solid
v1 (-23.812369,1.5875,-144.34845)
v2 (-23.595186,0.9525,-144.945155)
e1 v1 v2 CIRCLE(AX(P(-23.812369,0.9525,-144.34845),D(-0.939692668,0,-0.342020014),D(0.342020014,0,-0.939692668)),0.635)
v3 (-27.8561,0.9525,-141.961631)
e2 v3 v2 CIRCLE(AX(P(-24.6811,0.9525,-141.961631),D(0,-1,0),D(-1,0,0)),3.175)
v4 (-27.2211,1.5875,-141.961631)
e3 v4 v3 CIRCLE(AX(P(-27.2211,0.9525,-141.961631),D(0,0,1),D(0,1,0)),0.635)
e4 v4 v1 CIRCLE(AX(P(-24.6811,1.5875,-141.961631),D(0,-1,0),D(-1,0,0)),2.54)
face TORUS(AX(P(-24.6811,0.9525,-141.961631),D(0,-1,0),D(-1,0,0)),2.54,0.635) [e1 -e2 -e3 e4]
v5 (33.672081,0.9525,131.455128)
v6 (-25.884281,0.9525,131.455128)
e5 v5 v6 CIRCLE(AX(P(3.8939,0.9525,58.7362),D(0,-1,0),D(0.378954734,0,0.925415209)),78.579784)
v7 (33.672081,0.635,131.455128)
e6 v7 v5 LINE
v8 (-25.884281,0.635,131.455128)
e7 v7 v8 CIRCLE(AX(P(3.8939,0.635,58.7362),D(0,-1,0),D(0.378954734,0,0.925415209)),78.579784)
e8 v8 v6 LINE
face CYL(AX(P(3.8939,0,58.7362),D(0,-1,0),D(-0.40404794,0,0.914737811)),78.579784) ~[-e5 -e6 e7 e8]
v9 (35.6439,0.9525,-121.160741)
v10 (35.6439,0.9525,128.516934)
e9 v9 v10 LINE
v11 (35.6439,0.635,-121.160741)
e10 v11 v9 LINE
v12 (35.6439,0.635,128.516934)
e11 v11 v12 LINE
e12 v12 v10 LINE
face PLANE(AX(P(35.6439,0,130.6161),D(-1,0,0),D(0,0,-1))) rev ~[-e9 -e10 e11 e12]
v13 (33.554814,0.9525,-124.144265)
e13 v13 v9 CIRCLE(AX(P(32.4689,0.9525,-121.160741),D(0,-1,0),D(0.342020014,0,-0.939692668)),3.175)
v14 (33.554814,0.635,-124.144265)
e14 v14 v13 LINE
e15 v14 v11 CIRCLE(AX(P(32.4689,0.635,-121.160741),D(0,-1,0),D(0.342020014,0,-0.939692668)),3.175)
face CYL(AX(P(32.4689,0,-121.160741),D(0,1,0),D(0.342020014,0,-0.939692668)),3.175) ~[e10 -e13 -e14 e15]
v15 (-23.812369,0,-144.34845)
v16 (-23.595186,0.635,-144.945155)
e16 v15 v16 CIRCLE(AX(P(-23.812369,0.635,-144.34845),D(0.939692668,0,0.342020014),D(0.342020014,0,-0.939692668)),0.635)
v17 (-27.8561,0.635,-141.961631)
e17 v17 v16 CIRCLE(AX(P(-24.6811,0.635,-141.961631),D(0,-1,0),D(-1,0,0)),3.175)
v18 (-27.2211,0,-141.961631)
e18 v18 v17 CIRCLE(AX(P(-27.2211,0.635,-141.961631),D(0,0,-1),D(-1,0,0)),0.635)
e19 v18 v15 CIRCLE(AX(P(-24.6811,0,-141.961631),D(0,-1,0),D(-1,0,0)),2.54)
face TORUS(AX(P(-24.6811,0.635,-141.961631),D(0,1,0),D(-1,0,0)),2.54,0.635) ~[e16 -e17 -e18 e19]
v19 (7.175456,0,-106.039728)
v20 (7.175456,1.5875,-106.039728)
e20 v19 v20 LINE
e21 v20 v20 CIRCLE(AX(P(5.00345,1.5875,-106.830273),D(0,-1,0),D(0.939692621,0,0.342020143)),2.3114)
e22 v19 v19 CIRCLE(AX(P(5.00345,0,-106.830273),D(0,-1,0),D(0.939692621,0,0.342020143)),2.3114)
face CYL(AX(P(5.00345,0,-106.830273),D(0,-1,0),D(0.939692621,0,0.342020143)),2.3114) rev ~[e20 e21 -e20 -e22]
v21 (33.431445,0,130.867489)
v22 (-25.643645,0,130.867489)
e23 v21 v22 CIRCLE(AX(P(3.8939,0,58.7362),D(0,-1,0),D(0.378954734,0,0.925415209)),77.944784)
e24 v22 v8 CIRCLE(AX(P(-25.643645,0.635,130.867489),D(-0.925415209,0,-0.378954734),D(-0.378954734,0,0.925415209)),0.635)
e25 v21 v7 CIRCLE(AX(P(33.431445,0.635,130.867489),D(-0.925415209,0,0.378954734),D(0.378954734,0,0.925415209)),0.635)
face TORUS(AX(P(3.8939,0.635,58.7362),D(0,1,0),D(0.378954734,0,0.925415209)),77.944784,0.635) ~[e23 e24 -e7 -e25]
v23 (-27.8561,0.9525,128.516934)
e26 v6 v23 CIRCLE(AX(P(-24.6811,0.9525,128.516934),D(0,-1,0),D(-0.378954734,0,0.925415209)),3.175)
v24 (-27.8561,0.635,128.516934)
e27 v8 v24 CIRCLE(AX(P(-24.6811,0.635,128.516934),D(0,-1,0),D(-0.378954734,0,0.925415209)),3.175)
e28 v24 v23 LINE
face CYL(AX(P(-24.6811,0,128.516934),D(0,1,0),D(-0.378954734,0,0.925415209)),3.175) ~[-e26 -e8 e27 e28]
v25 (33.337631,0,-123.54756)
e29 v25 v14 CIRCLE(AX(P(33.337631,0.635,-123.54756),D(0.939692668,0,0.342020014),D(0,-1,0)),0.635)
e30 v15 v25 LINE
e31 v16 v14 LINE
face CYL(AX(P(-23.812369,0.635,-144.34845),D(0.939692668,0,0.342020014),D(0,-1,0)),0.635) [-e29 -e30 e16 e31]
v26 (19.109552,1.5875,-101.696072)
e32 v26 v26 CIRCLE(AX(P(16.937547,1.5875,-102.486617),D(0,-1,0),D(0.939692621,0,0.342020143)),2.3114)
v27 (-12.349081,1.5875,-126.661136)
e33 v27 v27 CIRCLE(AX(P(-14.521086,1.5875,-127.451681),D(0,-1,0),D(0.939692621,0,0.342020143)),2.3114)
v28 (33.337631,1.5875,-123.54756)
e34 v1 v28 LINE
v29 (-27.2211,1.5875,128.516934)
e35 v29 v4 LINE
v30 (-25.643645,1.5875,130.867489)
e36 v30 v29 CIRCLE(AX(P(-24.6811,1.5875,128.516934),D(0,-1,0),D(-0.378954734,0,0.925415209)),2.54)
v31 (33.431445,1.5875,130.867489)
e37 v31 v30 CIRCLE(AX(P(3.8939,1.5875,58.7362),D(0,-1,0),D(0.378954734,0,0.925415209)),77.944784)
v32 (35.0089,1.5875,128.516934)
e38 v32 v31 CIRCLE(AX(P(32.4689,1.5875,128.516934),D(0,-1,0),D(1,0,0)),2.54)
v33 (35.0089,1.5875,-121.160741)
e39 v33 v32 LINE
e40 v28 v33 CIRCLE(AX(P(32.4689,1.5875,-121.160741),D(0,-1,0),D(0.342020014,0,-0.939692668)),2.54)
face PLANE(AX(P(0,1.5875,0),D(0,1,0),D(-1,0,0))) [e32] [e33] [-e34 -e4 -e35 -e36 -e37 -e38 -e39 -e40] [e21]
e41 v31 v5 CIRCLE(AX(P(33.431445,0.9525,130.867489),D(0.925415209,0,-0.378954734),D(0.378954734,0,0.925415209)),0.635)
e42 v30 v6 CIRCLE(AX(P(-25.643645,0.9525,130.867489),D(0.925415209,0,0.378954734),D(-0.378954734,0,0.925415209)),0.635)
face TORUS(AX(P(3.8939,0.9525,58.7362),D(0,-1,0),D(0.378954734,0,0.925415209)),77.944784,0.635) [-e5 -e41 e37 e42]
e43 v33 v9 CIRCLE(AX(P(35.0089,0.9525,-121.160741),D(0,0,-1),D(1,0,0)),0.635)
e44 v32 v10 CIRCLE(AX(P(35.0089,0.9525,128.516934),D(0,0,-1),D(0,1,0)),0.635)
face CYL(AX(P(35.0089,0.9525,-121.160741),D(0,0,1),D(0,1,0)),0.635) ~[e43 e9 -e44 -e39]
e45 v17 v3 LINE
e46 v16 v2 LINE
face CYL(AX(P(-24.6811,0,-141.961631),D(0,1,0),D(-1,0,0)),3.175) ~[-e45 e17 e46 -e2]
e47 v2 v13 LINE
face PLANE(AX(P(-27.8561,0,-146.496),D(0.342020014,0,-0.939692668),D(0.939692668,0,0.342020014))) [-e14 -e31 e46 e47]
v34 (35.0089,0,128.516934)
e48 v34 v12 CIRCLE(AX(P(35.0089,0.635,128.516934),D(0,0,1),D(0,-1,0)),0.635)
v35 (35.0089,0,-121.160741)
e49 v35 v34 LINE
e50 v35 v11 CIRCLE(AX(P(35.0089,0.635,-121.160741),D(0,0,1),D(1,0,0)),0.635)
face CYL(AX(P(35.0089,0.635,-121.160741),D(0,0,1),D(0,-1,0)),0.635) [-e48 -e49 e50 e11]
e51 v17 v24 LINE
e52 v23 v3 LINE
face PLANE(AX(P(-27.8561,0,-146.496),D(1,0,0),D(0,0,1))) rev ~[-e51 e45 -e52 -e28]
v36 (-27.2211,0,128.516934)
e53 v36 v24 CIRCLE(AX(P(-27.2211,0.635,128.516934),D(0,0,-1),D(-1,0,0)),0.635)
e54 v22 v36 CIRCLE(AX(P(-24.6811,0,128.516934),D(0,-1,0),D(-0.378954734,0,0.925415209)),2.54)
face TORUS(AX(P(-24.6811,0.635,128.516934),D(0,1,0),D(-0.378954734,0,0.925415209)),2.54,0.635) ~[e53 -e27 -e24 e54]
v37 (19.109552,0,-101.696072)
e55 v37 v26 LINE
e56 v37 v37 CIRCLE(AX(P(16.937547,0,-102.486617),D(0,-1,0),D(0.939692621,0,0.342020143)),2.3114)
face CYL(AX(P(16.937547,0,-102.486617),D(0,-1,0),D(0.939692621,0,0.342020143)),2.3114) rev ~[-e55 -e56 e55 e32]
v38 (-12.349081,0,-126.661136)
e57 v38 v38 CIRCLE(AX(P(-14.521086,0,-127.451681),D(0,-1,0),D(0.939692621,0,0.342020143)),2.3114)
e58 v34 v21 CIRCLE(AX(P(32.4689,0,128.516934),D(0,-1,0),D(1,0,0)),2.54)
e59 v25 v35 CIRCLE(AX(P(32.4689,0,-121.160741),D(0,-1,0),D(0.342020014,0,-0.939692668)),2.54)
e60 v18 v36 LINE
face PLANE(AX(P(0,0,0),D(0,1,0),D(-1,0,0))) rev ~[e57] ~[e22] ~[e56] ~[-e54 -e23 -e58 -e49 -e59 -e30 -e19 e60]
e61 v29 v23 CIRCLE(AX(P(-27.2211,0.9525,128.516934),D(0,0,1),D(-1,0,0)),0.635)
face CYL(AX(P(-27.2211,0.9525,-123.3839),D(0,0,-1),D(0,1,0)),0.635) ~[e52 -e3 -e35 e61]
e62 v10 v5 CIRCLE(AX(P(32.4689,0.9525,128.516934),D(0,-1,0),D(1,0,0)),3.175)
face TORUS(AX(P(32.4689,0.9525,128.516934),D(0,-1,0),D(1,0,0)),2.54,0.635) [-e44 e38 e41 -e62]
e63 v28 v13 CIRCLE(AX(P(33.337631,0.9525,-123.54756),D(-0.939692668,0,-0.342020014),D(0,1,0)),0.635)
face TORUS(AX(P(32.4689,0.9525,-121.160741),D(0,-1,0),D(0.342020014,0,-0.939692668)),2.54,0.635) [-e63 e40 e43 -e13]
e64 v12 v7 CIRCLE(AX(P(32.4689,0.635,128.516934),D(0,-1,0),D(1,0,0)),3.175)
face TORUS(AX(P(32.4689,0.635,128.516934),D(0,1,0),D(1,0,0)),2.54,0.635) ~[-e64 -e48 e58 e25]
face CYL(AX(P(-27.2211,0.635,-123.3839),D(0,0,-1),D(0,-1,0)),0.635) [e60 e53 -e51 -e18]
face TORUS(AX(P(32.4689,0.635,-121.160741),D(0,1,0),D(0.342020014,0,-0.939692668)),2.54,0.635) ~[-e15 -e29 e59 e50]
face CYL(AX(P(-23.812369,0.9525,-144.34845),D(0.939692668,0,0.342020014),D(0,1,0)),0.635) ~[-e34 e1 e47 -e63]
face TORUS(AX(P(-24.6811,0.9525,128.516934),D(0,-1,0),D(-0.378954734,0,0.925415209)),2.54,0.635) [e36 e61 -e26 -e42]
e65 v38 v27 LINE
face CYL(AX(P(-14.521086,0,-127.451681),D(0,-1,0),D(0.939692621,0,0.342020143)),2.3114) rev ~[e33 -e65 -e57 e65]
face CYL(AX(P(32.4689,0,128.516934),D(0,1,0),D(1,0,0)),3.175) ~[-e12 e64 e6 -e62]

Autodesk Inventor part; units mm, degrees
ref_plane "YZ Plane" through (0, 0, 0) normal (1, 0, 0) x (0, 1, 0)
ref_plane "XZ Plane" through (0, 0, 0) normal (0, 1, 0) x (-1, 0, 0)
ref_plane "XY Plane" through (0, 0, 0) normal (0, 0, 1) x (1, 0, 0)
sketch "Sketch1" plane through (0, 0, 0) normal (0, 1, 0) x (-1, 0, 0)
  line L0 (27.8561, -123.3839) -> (27.8561, 130.6161)
  line L1 (27.8561, 130.6161) -> (-35.6439, 130.6161) construction
  line L2 (-35.6439, 130.6161) -> (-35.6439, -123.3839)
  line L3 (27.8561, -146.496) -> (-35.6439, -123.3839)
  line L4 (27.8561, -146.496) -> (27.8561, -123.3839)
  arc A0 (27.8561, 130.6161) -> (-35.6439, 130.6161) centre (-3.8939, 58.7362) ccw
  line L5 (-35.6439, -123.3839) -> (-3.8939, -52.0908)
  point P0 (0, 0)
  dimension "d3" = 254
  dimension "d4" = 110
  dimension "d6" = 78.5798
  dimension "d24" = 24.006
extrude "Extrusion1" add sketch "Sketch1" along normal blind 1.5875
fillet "Fillet1" radius 3.175 4 edges at (-27.8561, 0.7937, -146.496) (35.6439, 0.7937, -123.3839) (35.6439, 0.7937, 130.6161) (-27.8561, 0.7937, 130.6161)
fillet "Fillet2" radius 0.635 16 edges at (-27.3175, 1.5875, 130.2862) (3.8939, 1.5875, 137.316) (35.1052, 1.5875, 130.2862) (35.6439, 1.5875, 3.6781) (35.0697, 1.5875, -122.9818) (4.9798, 1.5875, -134.5447) (-26.5022, 1.5875, -144.5624) (-27.8561, 1.5875, 2.5665) (-26.5022, 0, -144.5624) (4.9798, 0, -134.5447) (35.0697, 0, -122.9818) (35.6439, 0, 3.6781) (35.1052, 0, 130.2862) (3.8939, 0, 137.316) (-27.3175, 0, 130.2862) (-27.8561, 0, 2.5665)
sketch "Sketch3" plane through (0, 0, 0) normal (0, -1, 0) x (1, 0, 0)
  circle A0 centre (10.8789, -105.1316) radius 2.3114 projected
  circle A1 centre (-14.5211, -117.8316) radius 2.3114 projected
  circle A2 centre (23.5789, -105.1316) radius 2.3114 projected
  arc A3 (-27.2211, -141.9616) -> (-23.8124, -144.3485) centre (-24.6811, -141.9616) ccw projected
  line L0 (33.3376, -123.5476) -> (-23.8124, -144.3485) projected
  arc A4 (33.3376, -123.5476) -> (35.0089, -121.1607) centre (32.4689, -121.1607) ccw projected
  line L1 (35.0089, 128.5169) -> (35.0089, -121.1607) projected
  arc A5 (35.0089, 128.5169) -> (33.4314, 130.8675) centre (32.4689, 128.5169) ccw projected
  arc A6 (33.4314, 130.8675) -> (-25.6437, 130.8675) centre (3.8939, 58.7362) ccw projected
  arc A7 (-25.6437, 130.8675) -> (-27.2211, 128.5169) centre (-24.6811, 128.5169) ccw projected
  line L2 (-27.2211, -141.9616) -> (-27.2211, 128.5169) projected
  line L3 (32.4689, -121.1607) -> (15.1752, -73.6466)
  point P0 (0, 0)
  dimension "d39" = 20
sketch "Sketch4" plane through (0, 0, 0) normal (0, -1, 0) x (0.9397, 0, 0.342)
  line L0 (-10.9286, -127.4989) -> (-71.7464, -127.4989) projected
  line L1 (-74.1332, -124.0901) -> (18.3759, 130.0766) projected
  circle A0 centre (-57.2364, -114.7989) radius 2.3114
  line L2 (-10.9286, -124.9589) -> (-10.9286, -74.3954) construction
  line L3 (-10.9286, -124.9589) -> (-35.7001, -124.9589) construction
  circle A1 centre (-57.2364, -102.0989) radius 2.3114
  circle A2 centre (-57.2364, -89.3989) radius 2.3114
  circle A3 centre (-44.5364, -114.7989) radius 2.3114
  circle A4 centre (-44.5364, -102.0989) radius 2.3114
  circle A5 centre (-44.5364, -89.3989) radius 2.3114
  circle A6 centre (-31.8364, -114.7989) radius 2.3114
  circle A7 centre (-31.8364, -102.0989) radius 2.3114
  circle A8 centre (-31.8364, -89.3989) radius 2.3114
  circle A9 centre (-19.1364, -114.7989) radius 2.3114
  circle A10 centre (-19.1364, -102.0989) radius 2.3114
  circle A11 centre (-19.1364, -89.3989) radius 2.3114
  circle A12 centre (-6.4364, -114.7989) radius 2.3114
  circle A13 centre (-6.4364, -102.0989) radius 2.3114
  circle A14 centre (-6.4364, -89.3989) radius 2.3114
  point P0 (0, 0)
  dimension "d26" = 4.6228
  dimension "d27" = 12.7
  dimension "d28" = 12.7
  dimension "d31" = 12.7
  dimension "d34" = 12.7
extrude "Extrusion3" cut sketch "Sketch4" against normal blind 25.4 contours A0 | A7 | A10
properties part number "large ball holder"
